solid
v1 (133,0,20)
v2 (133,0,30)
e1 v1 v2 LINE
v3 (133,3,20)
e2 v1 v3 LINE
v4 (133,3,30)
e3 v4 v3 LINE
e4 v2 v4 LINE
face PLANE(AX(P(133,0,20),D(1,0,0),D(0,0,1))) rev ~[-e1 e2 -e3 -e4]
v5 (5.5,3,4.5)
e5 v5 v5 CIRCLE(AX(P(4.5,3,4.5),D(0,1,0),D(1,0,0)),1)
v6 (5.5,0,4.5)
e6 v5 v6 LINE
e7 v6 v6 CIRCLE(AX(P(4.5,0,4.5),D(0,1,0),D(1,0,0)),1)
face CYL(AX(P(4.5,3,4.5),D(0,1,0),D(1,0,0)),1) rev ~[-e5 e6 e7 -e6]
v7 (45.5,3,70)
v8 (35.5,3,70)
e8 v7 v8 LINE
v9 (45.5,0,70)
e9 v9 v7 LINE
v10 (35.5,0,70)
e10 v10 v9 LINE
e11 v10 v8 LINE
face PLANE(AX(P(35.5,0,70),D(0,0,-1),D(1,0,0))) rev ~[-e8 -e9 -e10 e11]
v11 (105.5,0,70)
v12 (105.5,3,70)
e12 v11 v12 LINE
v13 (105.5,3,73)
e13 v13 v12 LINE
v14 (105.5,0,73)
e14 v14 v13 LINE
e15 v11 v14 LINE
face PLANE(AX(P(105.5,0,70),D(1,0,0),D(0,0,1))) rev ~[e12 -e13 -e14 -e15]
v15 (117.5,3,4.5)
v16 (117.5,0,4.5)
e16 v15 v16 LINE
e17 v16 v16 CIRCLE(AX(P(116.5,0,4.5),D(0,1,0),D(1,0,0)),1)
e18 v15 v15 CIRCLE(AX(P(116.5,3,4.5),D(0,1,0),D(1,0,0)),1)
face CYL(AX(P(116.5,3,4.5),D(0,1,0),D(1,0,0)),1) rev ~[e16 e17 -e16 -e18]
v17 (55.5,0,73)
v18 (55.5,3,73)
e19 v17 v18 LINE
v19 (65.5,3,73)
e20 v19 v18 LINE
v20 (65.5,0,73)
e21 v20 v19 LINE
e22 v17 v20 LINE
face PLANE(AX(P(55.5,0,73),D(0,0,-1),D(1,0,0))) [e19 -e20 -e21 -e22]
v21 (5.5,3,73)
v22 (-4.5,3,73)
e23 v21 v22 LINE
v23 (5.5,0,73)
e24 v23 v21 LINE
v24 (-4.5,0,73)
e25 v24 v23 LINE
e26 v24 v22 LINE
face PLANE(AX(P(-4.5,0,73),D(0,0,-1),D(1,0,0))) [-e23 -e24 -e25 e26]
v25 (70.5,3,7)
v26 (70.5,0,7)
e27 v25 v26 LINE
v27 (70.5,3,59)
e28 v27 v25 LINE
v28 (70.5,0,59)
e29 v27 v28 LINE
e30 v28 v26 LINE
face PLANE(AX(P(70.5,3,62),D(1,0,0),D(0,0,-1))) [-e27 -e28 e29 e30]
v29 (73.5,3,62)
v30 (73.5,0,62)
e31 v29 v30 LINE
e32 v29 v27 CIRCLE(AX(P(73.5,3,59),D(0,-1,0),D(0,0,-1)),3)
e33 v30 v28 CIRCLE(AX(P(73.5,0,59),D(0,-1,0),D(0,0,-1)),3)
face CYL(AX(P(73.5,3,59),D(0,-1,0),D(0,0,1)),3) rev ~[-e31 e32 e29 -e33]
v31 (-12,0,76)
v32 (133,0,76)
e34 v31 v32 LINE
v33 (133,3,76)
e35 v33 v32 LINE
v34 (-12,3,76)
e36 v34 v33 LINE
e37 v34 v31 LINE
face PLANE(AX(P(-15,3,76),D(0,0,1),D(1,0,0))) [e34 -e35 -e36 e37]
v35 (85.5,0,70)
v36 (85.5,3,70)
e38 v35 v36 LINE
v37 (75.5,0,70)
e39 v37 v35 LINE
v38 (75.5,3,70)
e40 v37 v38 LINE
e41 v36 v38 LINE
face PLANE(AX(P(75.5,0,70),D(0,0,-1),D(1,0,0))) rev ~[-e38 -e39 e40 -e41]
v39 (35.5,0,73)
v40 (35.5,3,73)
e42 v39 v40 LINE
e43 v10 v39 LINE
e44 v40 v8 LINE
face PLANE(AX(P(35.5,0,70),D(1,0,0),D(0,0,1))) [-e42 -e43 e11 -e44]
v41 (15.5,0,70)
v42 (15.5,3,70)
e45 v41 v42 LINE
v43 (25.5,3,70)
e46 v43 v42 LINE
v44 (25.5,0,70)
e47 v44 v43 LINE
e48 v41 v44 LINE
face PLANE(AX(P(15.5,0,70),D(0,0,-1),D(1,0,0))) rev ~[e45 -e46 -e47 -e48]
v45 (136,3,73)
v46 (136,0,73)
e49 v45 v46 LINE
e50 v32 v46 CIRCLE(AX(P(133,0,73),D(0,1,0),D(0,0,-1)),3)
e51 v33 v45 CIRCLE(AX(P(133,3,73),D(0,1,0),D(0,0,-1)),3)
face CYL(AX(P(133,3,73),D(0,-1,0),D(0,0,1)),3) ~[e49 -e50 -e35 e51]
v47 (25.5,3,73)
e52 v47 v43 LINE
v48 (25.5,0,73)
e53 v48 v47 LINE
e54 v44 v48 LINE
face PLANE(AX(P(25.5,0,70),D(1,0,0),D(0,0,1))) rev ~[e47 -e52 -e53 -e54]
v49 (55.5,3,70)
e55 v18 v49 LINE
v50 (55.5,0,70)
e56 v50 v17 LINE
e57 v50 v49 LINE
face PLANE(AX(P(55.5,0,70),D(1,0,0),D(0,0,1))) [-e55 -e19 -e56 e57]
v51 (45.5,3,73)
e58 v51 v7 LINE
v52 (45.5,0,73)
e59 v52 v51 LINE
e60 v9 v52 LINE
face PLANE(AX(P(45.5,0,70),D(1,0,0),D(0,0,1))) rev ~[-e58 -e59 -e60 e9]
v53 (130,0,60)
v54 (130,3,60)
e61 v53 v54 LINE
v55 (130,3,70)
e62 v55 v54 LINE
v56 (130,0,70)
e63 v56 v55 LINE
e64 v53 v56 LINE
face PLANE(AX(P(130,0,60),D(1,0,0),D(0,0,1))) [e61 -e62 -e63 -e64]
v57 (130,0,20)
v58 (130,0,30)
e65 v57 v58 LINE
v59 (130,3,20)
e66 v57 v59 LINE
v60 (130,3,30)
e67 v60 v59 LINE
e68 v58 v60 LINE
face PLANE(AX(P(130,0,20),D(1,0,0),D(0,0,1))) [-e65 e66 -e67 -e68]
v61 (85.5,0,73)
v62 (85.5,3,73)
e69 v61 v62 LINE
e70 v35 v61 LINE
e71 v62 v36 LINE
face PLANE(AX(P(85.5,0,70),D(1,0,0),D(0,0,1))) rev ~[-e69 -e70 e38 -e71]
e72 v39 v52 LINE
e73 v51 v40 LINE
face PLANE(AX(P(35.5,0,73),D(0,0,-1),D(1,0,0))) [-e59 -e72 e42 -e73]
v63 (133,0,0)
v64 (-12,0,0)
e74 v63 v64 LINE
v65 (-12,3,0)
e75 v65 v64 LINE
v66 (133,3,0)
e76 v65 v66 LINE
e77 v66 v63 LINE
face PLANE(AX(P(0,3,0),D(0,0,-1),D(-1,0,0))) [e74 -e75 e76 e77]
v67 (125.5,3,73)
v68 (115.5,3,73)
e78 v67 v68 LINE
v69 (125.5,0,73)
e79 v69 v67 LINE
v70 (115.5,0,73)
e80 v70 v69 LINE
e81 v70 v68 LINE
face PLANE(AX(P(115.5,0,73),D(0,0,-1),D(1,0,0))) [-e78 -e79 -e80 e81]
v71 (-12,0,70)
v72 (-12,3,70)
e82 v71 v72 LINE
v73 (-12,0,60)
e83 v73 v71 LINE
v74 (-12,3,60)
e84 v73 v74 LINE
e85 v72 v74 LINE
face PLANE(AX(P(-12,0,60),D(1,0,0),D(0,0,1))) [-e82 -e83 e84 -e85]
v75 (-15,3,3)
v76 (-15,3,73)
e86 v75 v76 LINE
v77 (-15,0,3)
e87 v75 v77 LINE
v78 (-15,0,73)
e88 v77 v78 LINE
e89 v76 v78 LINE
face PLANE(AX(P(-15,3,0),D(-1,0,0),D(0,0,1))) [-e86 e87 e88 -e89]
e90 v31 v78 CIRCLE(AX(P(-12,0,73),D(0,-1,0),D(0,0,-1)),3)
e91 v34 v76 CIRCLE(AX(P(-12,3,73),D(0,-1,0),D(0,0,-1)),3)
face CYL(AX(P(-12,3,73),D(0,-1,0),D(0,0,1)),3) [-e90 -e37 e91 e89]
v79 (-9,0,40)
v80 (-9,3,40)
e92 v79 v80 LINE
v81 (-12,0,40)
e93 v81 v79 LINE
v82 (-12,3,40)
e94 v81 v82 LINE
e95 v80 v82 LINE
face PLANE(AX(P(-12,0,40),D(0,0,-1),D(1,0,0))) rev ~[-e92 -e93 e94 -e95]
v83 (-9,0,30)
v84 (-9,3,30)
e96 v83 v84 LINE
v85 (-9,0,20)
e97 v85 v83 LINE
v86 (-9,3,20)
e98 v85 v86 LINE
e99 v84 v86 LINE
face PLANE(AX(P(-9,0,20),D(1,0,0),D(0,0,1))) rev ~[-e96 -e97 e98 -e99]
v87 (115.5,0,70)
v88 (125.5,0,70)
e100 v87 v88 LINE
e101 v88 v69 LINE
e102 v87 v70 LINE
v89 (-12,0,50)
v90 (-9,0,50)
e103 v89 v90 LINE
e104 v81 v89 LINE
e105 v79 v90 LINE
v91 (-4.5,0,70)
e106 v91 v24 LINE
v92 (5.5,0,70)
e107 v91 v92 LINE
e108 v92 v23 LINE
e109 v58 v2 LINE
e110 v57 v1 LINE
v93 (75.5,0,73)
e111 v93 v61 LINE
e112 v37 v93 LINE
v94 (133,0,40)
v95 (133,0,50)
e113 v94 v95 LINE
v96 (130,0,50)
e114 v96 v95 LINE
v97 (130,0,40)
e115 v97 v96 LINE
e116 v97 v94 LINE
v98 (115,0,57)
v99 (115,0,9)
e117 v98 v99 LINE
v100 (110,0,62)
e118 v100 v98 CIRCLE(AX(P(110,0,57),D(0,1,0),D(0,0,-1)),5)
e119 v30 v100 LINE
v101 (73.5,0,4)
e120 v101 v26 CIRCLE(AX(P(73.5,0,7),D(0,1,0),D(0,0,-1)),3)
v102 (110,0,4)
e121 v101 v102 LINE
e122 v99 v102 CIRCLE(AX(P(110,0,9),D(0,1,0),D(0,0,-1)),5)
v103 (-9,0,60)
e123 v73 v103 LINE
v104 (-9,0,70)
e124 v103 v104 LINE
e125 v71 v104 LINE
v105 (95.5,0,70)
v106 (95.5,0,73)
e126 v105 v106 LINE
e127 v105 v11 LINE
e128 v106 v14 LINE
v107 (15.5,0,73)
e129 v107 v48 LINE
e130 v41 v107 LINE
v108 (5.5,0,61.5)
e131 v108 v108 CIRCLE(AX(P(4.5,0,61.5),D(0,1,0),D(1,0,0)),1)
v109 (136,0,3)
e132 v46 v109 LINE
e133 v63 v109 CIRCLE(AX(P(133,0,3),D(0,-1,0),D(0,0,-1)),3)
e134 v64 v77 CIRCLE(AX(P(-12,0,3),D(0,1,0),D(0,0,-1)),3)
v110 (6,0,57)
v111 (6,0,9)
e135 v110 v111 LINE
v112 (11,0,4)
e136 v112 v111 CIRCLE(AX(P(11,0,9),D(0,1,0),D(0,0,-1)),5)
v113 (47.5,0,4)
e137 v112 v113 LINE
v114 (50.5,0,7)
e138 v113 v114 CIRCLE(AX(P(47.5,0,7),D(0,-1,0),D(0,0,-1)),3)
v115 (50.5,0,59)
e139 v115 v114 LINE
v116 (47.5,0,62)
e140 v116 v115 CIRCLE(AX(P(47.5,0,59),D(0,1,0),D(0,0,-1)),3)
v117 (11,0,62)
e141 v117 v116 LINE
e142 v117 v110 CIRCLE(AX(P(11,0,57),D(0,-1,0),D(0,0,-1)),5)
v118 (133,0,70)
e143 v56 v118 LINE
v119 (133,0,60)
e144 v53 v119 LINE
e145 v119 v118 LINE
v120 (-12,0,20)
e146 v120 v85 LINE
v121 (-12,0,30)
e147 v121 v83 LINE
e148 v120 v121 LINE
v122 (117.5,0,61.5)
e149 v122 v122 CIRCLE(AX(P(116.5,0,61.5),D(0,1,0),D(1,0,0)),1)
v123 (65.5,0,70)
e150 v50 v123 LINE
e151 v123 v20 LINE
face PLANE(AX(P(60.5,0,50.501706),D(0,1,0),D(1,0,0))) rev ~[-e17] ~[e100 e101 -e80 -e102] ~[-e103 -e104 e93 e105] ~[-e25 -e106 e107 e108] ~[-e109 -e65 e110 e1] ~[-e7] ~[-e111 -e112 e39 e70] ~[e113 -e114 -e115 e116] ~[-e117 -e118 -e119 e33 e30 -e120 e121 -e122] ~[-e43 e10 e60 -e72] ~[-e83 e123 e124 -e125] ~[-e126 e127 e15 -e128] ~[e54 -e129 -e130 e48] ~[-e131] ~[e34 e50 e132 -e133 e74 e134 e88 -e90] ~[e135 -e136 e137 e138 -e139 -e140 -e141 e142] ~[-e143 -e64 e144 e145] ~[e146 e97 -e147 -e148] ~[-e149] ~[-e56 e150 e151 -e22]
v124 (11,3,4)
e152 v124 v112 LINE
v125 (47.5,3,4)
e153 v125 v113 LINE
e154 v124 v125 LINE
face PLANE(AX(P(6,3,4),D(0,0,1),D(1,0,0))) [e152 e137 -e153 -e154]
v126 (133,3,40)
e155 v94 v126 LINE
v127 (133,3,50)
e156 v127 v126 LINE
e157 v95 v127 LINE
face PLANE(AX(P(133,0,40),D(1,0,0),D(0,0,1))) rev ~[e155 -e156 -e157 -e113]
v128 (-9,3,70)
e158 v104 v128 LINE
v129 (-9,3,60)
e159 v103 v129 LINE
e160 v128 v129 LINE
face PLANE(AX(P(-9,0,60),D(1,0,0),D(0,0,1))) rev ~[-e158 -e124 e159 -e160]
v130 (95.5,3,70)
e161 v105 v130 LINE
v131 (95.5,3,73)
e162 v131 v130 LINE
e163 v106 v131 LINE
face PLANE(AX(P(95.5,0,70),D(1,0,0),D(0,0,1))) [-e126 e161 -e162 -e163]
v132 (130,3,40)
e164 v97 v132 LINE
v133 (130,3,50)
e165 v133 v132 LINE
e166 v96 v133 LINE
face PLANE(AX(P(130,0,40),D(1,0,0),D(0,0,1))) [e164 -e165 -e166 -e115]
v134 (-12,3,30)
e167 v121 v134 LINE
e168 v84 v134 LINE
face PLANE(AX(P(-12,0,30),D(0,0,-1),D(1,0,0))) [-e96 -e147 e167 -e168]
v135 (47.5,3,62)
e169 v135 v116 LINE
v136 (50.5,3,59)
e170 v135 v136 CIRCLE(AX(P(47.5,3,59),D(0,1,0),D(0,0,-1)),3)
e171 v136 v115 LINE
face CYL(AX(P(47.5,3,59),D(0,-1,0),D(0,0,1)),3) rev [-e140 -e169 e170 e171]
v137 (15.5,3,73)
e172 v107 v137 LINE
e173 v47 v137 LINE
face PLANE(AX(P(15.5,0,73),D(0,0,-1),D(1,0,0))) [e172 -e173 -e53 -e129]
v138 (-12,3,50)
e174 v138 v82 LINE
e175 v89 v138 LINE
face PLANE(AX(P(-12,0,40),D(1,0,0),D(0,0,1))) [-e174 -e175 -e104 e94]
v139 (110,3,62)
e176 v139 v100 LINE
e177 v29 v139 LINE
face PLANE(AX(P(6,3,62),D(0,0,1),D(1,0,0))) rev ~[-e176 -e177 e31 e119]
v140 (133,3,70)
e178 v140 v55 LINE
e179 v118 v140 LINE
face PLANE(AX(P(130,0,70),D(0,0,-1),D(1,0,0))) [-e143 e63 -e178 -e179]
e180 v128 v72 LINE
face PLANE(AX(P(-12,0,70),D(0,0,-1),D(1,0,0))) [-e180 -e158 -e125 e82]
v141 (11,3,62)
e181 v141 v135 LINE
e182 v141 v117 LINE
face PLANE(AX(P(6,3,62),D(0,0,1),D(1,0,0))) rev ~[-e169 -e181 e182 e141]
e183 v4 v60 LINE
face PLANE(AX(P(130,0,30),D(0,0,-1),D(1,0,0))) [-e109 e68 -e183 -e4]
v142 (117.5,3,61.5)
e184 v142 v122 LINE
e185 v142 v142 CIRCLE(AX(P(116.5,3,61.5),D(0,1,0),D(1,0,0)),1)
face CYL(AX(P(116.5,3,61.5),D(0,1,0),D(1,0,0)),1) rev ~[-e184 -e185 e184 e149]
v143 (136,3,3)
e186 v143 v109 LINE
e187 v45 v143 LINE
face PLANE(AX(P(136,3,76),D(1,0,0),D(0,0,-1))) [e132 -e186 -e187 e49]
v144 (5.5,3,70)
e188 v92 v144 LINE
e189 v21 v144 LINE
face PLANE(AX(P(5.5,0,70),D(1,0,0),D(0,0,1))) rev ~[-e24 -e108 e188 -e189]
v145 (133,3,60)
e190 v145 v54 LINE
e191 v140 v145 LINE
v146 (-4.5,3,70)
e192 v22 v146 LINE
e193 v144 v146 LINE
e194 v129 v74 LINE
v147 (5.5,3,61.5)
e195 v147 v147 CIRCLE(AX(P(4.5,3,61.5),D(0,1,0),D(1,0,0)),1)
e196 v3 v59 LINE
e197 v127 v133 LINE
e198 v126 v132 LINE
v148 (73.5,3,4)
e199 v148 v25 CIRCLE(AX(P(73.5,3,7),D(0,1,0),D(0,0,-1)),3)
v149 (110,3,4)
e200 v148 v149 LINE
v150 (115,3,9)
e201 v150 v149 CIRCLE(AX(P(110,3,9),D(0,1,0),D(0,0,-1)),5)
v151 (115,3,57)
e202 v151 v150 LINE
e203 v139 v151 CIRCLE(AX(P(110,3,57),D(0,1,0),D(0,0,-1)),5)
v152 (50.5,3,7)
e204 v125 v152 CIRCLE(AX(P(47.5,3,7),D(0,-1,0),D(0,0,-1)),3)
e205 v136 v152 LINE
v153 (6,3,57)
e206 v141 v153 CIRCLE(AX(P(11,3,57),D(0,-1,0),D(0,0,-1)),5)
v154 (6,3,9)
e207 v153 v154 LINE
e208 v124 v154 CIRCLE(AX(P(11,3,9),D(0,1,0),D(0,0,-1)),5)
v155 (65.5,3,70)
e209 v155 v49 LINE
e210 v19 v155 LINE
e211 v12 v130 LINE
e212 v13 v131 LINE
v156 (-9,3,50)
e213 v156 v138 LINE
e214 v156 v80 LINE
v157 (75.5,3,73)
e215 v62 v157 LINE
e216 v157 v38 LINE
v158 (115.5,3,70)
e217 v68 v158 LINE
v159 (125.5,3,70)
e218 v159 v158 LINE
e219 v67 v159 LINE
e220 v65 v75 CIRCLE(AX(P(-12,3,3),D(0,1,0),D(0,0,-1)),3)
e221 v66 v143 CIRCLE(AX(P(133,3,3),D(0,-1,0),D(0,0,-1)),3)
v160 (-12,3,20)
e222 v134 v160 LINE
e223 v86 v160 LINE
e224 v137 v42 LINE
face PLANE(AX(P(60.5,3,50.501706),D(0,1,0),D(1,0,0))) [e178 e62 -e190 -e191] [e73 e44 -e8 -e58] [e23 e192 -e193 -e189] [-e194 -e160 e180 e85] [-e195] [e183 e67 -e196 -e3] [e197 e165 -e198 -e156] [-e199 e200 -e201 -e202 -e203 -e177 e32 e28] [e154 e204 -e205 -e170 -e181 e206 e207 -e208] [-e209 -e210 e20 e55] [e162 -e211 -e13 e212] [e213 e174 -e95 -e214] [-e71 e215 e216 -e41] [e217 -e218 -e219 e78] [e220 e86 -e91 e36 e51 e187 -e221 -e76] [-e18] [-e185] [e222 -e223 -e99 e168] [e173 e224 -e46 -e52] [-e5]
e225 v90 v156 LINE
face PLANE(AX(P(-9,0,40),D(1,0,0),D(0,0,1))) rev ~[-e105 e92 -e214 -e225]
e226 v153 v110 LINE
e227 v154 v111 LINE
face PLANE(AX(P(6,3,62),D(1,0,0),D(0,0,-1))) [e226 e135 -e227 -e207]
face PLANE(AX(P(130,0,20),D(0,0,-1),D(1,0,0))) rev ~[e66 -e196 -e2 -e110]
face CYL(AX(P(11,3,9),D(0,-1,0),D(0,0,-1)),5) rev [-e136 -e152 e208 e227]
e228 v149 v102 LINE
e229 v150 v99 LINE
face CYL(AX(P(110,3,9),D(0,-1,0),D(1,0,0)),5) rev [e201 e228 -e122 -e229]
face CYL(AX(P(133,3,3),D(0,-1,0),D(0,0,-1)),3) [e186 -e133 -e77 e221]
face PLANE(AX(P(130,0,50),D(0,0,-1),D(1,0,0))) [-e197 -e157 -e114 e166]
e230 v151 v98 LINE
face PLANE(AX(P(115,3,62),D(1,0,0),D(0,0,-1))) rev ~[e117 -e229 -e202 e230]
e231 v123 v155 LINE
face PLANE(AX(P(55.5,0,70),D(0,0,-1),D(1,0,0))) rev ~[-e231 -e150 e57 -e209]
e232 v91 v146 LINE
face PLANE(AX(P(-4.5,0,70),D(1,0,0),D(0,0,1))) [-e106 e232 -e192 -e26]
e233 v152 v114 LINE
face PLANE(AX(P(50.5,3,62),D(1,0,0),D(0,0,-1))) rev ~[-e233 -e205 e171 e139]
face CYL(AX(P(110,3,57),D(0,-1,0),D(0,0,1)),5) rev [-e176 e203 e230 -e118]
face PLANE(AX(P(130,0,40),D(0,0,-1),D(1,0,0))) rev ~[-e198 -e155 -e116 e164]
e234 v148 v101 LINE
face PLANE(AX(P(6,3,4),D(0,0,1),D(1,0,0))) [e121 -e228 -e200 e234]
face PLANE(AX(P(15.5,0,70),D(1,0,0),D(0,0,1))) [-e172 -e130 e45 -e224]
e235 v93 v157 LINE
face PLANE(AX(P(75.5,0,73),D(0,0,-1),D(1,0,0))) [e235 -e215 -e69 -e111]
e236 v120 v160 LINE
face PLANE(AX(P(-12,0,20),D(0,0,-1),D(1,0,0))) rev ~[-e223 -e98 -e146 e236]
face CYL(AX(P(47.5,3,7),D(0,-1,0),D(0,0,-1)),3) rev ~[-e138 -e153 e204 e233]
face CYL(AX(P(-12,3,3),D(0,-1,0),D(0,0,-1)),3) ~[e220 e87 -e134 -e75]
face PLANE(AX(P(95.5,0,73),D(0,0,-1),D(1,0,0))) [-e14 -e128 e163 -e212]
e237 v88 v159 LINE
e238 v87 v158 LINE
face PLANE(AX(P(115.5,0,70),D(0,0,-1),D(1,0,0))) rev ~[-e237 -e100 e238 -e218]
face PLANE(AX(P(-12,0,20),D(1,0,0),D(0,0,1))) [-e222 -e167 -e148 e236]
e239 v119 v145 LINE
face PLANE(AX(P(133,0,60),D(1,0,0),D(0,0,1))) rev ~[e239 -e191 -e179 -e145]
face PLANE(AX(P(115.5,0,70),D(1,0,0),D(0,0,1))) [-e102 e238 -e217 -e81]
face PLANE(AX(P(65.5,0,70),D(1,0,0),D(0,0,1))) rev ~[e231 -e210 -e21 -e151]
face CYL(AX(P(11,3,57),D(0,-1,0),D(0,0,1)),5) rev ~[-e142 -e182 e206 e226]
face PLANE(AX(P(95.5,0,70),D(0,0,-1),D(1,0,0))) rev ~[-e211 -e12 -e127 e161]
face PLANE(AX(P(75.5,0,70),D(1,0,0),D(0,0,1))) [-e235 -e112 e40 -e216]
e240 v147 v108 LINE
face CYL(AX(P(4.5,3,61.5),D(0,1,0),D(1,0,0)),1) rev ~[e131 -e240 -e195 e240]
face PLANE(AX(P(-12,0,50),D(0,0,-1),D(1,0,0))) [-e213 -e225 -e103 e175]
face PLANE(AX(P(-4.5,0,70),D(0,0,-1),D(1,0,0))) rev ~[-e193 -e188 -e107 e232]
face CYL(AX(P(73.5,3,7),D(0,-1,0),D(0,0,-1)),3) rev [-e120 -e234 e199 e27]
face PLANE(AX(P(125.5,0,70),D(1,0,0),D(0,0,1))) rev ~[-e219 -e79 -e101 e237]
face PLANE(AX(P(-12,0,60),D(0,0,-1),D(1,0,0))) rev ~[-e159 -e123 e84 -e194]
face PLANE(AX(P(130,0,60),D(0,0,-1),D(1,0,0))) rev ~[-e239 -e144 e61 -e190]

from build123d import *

# Parameters (mm, degrees)
SKETCH1_W           = 121
SKETCH1_H           = 66
BOSS_EXTRUDE1_DEPTH = 3
SKETCH2_W           = 109
SKETCH2_H           = 58
CUT_EXTRUDE1_DEPTH  = 4
FILLET1_R           = 5
SKETCH3_W           = 20
SKETCH3_H           = 58
BOSS_EXTRUDE2_DEPTH = 3
FILLET2_R           = 3
SKETCH4_R           = 1
CUT_EXTRUDE2_DEPTH  = 4
BOSS_EXTRUDE3_DEPTH = 3
FILLET3_R           = 3
SKETCH6_W           = 3
SKETCH6_H           = 10
SKETCH6_W_2         = 10
SKETCH6_H_2         = 3
CUT_EXTRUDE3_DEPTH  = 4


with BuildPart() as part:
    # Sketch1 → Boss-Extrude1 (new body)
    with BuildSketch(Plane(origin=(0, 0, 0), x_dir=(1, 0, 0), z_dir=(0, 1, 0))):
        with Locations((60.5, -33)):
            Rectangle(SKETCH1_W, SKETCH1_H)
    extrude(amount=BOSS_EXTRUDE1_DEPTH)

    # Sketch2 → Cut-Extrude1 (cut, through all)
    with BuildSketch(Plane(origin=(0, 3, 0), x_dir=(1, 0, 0), z_dir=(0, 1, 0))):
        with Locations((60.5, -33)):
            Rectangle(SKETCH2_W, SKETCH2_H)
    extrude(amount=-CUT_EXTRUDE1_DEPTH, mode=Mode.SUBTRACT)

    # Fillet1
    fillet1_edges = [part.edges().sort_by_distance(p)[0] for p in [
        (115, 1.5, 4),
        (115, 1.5, 62),
        (6, 1.5, 62),
        (6, 1.5, 4),
    ]]
    fillet(fillet1_edges, radius=FILLET1_R)

    # Sketch3 → Boss-Extrude2 (add, through all)
    with BuildSketch(Plane(origin=(0, 3, 0), x_dir=(1, 0, 0), z_dir=(0, 1, 0))):
        with Locations((60.5, -33)):
            Rectangle(SKETCH3_W, SKETCH3_H)
    extrude(amount=-BOSS_EXTRUDE2_DEPTH)

    # Fillet2
    fillet2_edges = [part.edges().sort_by_distance(p)[0] for p in [
        (70.5, 1.5, 4),
        (70.5, 1.5, 62),
        (50.5, 1.5, 62),
        (50.5, 1.5, 4),
    ]]
    fillet(fillet2_edges, radius=FILLET2_R)

    # Sketch4 → Cut-Extrude2 (cut, through all)
    with BuildSketch(Plane(origin=(0, 3, 0), x_dir=(1, 0, 0), z_dir=(0, 1, 0))):
        with Locations((116.5, -61.5)):
            Circle(SKETCH4_R)
        with Locations((116.5, -4.5)):
            Circle(SKETCH4_R)
        with Locations((4.5, -4.5)):
            Circle(SKETCH4_R)
        with Locations((4.5, -61.5)):
            Circle(SKETCH4_R)
    extrude(amount=-CUT_EXTRUDE2_DEPTH, mode=Mode.SUBTRACT)

    # Sketch5 → Boss-Extrude3 (add, through all)
    with BuildSketch(Plane(origin=(0, 3, 0), x_dir=(1, 0, 0), z_dir=(0, 1, 0))):
        Polygon((0, 0), (-15, 0), (-15, -76), (136, -76), (136, 0), (121, 0), (121, -66), (0, -66), align=None)
    extrude(amount=-BOSS_EXTRUDE3_DEPTH)

    # Fillet3
    fillet3_edges = [part.edges().sort_by_distance(p)[0] for p in [
        (136, 1.5, 0),
        (136, 1.5, 76),
        (-15, 1.5, 76),
        (-15, 1.5, 0),
    ]]
    fillet(fillet3_edges, radius=FILLET3_R)

    # Sketch6 → Cut-Extrude3 (cut, through all)
    with BuildSketch(Plane.XZ):
        with Locations((131.5, 25)):
            Rectangle(SKETCH6_W, SKETCH6_H)
        with Locations((131.5, 45)):
            Rectangle(SKETCH6_W, SKETCH6_H)
        with Locations((131.5, 65)):
            Rectangle(SKETCH6_W, SKETCH6_H)
        with Locations((120.5, 71.5)):
            Rectangle(SKETCH6_W_2, SKETCH6_H_2)
        with Locations((100.5, 71.5)):
            Rectangle(SKETCH6_W_2, SKETCH6_H_2)
        with Locations((80.5, 71.5)):
            Rectangle(SKETCH6_W_2, SKETCH6_H_2)
        with Locations((60.5, 71.5)):
            Rectangle(SKETCH6_W_2, SKETCH6_H_2)
        with Locations((40.5, 71.5)):
            Rectangle(SKETCH6_W_2, SKETCH6_H_2)
        with Locations((20.5, 71.5)):
            Rectangle(SKETCH6_W_2, SKETCH6_H_2)
        with Locations((0.5, 71.5)):
            Rectangle(SKETCH6_W_2, SKETCH6_H_2)
        with Locations((-10.5, 65)):
            Rectangle(SKETCH6_W, SKETCH6_H)
        with Locations((-10.5, 45)):
            Rectangle(SKETCH6_W, SKETCH6_H)
        with Locations((-10.5, 25)):
            Rectangle(SKETCH6_W, SKETCH6_H)
    extrude(amount=-CUT_EXTRUDE3_DEPTH, mode=Mode.SUBTRACT)


solid = part.part
